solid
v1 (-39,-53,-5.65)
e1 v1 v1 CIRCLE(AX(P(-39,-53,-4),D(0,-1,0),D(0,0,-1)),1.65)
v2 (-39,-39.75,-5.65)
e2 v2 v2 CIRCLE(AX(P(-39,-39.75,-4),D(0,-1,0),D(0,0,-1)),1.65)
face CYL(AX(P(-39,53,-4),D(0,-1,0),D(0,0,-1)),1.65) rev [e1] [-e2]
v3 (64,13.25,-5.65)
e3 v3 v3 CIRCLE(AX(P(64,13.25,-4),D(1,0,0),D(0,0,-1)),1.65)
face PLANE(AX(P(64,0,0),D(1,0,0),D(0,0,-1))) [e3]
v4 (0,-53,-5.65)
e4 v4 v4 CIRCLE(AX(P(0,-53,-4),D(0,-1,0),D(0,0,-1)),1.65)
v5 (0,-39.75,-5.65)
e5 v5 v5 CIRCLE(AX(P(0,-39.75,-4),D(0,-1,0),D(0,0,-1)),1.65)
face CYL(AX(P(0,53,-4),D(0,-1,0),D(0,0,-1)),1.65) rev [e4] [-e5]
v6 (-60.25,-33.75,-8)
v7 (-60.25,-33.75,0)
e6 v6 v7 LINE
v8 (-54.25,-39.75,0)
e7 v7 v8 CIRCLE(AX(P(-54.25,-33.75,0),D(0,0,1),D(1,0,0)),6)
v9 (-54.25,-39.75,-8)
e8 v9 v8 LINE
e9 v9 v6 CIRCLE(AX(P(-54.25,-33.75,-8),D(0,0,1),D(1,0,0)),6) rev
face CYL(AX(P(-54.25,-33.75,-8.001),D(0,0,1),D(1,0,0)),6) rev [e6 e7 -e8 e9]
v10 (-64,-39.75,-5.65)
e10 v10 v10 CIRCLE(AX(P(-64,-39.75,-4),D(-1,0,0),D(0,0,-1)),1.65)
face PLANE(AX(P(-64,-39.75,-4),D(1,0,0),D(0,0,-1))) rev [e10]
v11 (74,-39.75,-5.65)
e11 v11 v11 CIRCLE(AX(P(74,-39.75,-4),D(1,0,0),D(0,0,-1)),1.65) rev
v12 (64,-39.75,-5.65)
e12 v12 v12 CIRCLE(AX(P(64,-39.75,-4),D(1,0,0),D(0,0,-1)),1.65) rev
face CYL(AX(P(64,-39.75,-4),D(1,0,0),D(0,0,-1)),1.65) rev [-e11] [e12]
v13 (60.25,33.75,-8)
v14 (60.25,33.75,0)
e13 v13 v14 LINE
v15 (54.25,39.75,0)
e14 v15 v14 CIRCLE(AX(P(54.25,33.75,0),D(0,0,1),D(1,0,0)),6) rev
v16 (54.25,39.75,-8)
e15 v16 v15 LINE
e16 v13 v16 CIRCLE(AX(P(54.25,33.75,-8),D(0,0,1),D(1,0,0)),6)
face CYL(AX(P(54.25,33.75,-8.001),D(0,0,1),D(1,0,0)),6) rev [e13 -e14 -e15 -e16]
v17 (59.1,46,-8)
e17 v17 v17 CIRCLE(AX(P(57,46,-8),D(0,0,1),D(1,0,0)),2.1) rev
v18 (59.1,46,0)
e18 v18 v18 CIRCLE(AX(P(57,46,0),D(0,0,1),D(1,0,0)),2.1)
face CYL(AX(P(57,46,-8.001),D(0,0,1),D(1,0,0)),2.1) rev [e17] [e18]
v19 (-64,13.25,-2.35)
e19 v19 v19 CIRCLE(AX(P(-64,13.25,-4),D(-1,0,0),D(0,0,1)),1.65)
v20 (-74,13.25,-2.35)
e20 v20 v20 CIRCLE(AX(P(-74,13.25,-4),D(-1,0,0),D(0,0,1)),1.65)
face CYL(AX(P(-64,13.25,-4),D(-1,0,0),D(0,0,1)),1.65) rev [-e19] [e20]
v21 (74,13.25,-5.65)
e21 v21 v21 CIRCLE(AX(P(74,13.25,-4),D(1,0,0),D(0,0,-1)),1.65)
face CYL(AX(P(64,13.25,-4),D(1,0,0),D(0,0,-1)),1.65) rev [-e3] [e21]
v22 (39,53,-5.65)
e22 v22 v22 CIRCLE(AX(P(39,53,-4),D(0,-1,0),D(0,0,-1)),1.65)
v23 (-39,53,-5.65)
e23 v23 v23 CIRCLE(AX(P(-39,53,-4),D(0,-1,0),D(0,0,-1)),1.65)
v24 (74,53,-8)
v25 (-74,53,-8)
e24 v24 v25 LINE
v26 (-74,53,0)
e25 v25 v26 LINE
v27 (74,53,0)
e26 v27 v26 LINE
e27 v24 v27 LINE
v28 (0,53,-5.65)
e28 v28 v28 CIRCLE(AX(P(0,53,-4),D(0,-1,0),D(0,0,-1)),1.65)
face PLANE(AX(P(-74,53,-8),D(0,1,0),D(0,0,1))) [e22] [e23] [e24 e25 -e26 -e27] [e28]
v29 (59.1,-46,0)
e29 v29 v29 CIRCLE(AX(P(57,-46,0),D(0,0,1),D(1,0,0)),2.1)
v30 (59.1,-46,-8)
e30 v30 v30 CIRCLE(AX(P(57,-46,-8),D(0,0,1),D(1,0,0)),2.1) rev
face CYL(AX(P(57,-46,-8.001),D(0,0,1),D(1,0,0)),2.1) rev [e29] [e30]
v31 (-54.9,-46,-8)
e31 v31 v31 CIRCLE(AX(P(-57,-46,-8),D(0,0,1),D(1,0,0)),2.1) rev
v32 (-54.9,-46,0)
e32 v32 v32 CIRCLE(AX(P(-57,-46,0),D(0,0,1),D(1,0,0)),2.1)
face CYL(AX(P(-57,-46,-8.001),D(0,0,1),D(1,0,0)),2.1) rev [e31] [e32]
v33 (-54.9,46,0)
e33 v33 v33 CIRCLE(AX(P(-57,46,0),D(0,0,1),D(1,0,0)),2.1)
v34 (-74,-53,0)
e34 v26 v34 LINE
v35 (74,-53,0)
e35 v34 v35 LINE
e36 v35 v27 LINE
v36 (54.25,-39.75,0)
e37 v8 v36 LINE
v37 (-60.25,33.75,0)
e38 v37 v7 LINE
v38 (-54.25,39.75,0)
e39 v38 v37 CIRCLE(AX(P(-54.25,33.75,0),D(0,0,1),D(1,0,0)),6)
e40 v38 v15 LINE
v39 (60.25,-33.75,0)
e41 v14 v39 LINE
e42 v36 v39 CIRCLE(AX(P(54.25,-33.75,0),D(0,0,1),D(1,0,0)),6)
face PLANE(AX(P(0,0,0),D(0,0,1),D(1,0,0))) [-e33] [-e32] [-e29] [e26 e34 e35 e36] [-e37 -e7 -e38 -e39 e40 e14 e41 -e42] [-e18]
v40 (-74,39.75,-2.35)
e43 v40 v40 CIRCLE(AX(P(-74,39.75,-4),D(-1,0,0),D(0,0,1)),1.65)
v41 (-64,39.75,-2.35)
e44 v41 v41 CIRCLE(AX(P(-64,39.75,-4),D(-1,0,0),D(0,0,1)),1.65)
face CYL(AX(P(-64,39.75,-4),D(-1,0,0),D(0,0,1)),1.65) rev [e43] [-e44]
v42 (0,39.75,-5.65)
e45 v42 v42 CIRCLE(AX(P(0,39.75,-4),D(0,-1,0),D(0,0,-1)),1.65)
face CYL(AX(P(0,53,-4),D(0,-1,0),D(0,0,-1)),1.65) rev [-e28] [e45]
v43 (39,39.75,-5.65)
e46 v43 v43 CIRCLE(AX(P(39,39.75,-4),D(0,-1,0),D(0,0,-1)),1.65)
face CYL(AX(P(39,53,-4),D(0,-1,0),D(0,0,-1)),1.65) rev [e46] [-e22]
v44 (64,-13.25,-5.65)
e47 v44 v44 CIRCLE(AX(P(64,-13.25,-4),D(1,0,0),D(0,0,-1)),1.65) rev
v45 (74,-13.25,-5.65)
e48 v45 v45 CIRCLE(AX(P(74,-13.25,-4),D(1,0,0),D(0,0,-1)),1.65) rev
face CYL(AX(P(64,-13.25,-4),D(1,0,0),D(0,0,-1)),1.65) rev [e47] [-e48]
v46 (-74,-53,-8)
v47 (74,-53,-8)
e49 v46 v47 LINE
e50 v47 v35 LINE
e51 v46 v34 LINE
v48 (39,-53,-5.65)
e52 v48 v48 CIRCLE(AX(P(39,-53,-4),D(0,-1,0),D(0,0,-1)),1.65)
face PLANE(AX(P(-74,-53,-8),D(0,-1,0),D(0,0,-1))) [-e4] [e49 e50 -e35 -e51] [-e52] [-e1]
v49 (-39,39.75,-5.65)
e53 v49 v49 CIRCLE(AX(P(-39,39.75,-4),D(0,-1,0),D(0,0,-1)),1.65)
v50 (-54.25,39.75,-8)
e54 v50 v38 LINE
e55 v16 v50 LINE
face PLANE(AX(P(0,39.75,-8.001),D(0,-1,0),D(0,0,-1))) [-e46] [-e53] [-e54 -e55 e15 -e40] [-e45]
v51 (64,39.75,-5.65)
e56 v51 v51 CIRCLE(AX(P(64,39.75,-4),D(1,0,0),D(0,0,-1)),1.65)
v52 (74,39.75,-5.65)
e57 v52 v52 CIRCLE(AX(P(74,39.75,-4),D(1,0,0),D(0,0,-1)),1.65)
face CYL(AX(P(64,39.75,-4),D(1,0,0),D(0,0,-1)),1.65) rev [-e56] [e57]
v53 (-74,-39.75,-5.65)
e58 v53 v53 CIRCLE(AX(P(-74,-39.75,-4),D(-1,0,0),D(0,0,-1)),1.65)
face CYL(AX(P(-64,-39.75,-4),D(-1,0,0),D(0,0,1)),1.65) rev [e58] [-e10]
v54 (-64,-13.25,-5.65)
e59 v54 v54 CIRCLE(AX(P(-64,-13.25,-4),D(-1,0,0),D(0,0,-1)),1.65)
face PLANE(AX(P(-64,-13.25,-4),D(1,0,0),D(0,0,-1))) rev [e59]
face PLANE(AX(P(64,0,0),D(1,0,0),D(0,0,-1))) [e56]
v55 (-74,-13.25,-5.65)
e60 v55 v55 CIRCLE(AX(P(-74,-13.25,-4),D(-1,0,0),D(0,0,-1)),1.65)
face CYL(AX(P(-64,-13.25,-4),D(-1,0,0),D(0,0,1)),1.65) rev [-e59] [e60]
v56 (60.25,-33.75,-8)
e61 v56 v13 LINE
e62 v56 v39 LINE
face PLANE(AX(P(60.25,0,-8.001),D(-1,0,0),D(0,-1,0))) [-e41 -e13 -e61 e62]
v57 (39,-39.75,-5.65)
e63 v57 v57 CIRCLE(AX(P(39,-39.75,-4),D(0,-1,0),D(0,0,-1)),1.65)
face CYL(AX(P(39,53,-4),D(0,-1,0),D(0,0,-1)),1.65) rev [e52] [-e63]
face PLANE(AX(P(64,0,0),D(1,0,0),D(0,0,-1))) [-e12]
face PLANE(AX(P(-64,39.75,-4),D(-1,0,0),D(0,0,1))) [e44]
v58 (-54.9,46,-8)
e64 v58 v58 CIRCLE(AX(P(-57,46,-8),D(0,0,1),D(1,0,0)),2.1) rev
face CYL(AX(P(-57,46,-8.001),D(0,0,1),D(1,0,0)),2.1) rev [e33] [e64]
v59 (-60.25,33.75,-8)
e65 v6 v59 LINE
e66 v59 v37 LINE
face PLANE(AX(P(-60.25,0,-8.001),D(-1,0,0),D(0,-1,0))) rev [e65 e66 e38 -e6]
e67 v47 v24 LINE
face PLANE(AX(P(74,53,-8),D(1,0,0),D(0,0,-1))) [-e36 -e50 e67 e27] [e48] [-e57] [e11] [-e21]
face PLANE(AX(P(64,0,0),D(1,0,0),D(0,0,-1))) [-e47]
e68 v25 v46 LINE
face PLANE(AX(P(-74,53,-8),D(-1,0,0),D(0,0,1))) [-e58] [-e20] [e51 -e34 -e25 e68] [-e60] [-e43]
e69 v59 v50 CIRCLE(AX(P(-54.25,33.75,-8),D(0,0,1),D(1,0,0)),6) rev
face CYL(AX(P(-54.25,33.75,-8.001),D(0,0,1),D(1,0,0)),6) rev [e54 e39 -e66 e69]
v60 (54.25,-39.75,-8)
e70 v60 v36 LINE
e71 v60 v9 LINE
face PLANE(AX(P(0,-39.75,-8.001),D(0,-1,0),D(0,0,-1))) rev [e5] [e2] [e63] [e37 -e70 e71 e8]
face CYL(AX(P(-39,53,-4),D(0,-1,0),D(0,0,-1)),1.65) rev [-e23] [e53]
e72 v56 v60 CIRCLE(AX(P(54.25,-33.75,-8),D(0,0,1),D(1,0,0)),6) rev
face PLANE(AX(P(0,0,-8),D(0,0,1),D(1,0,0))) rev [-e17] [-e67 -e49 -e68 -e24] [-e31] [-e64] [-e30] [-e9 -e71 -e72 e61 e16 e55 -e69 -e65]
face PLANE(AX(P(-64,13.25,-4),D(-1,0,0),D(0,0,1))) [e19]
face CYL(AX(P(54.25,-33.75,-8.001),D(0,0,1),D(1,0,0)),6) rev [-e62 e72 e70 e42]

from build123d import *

# Parameters (mm, degrees)
SKETCH1_W           = 148
SKETCH1_H           = 106
BOSS_EXTRUDE1_DEPTH = 8
CUT_EXTRUDE1_REACH  = 93.373
SKETCH3_R           = 1.65
CUT_EXTRUDE2_DEPTH  = 130.52219887
SKETCH5_R           = 1.65
CUT_EXTRUDE3_DEPTH  = 10
SKETCH6_R           = 1.65
CUT_EXTRUDE4_DEPTH  = 10


with BuildPart() as part:
    # Sketch1 → Boss-Extrude1 (new body)
    with BuildSketch(Plane.XY):
        Rectangle(SKETCH1_W, SKETCH1_H)
    extrude(amount=-BOSS_EXTRUDE1_DEPTH)

    # Sketch2 → Cut-Extrude1 (cut, up to next)
    with BuildSketch(Plane.XY, mode=Mode.PRIVATE) as cut_extrude1_sk1:
        with BuildLine():
            ThreePointArc((60.25, 33.75), (59.373475383, 36.872498999), (57, 39.082682252))
            Line((57, 39.082682252), (57, -39.082682252))
            ThreePointArc((57, -39.082682252), (59.373475383, -36.872498999), (60.25, -33.75))
            Line((60.25, -33.75), (60.25, 33.75))
        make_face()
    cut_extrude1_tool1 = extrude(cut_extrude1_sk1.sketch, amount=-CUT_EXTRUDE1_REACH, mode=Mode.PRIVATE) & part.part
    # Sketch2 → Cut-Extrude1 (cut, up to next)
    with BuildSketch(Plane.XY, mode=Mode.PRIVATE) as cut_extrude1_sk2:
        with BuildLine():
            ThreePointArc((-54.25, 39.75), (-55.66490397, 39.580784403), (-57, 39.082682252))
            Line((-57, 39.082682252), (-57, -39.082682252))
            ThreePointArc((-57, -39.082682252), (-55.66490397, -39.580784403), (-54.25, -39.75))
            Line((-54.25, -39.75), (54.25, -39.75))
            ThreePointArc((54.25, -39.75), (55.66490397, -39.580784403), (57, -39.082682252))
            Line((57, -39.082682252), (57, 39.082682252))
            ThreePointArc((57, 39.082682252), (55.66490397, 39.580784403), (54.25, 39.75))
            Line((54.25, 39.75), (-54.25, 39.75))
        make_face()
    cut_extrude1_tool2 = extrude(cut_extrude1_sk2.sketch, amount=-CUT_EXTRUDE1_REACH, mode=Mode.PRIVATE) & part.part
    # Sketch2 → Cut-Extrude1 (cut, up to next)
    with BuildSketch(Plane.XY, mode=Mode.PRIVATE) as cut_extrude1_sk3:
        with BuildLine():
            Line((-57, -39.082682252), (-57, 39.082682252))
            ThreePointArc((-57, 39.082682252), (-59.373475383, 36.872498999), (-60.25, 33.75))
            Line((-60.25, 33.75), (-60.25, -33.75))
            ThreePointArc((-60.25, -33.75), (-59.373475383, -36.872498999), (-57, -39.082682252))
        make_face()
    cut_extrude1_tool3 = extrude(cut_extrude1_sk3.sketch, amount=-CUT_EXTRUDE1_REACH, mode=Mode.PRIVATE) & part.part
    # Sketch2 → Cut-Extrude1 (cut, up to next)
    with BuildSketch(Plane.XY, mode=Mode.PRIVATE) as cut_extrude1_sk4:
        with BuildLine():
            ThreePointArc((59.1, 46), (57, 48.1), (54.9, 46))
            Line((54.9, 46), (57, 46))
            Line((57, 46), (57, 43.9))
            ThreePointArc((57, 43.9), (58.48492424, 44.51507576), (59.1, 46))
        make_face()
    cut_extrude1_tool4 = extrude(cut_extrude1_sk4.sketch, amount=-CUT_EXTRUDE1_REACH, mode=Mode.PRIVATE) & part.part
    # Sketch2 → Cut-Extrude1 (cut, up to next)
    with BuildSketch(Plane.XY, mode=Mode.PRIVATE) as cut_extrude1_sk5:
        with BuildLine():
            Line((57, 46), (54.9, 46))
            ThreePointArc((54.9, 46), (55.51507576, 44.51507576), (57, 43.9))
            Line((57, 43.9), (57, 46))
        make_face()
    cut_extrude1_tool5 = extrude(cut_extrude1_sk5.sketch, amount=-CUT_EXTRUDE1_REACH, mode=Mode.PRIVATE) & part.part
    # Sketch2 → Cut-Extrude1 (cut, up to next)
    with BuildSketch(Plane.XY, mode=Mode.PRIVATE) as cut_extrude1_sk6:
        with BuildLine():
            ThreePointArc((59.1, 46), (57, 48.1), (54.9, 46))
            Line((54.9, 46), (57, 46))
            Line((57, 46), (57, 43.9))
            ThreePointArc((57, 43.9), (58.48492424, 44.51507576), (59.1, 46))
        make_face()
    cut_extrude1_tool6 = extrude(cut_extrude1_sk6.sketch, amount=-CUT_EXTRUDE1_REACH, mode=Mode.PRIVATE) & part.part
    # Sketch2 → Cut-Extrude1 (cut, up to next)
    with BuildSketch(Plane.XY, mode=Mode.PRIVATE) as cut_extrude1_sk7:
        with BuildLine():
            Line((57, 46), (54.9, 46))
            ThreePointArc((54.9, 46), (55.51507576, 44.51507576), (57, 43.9))
            Line((57, 43.9), (57, 46))
        make_face()
    cut_extrude1_tool7 = extrude(cut_extrude1_sk7.sketch, amount=-CUT_EXTRUDE1_REACH, mode=Mode.PRIVATE) & part.part
    # Sketch2 → Cut-Extrude1 (cut, up to next)
    with BuildSketch(Plane.XY, mode=Mode.PRIVATE) as cut_extrude1_sk8:
        with BuildLine():
            Line((-57, 43.9), (-57, 46))
            Line((-57, 46), (-54.9, 46))
            ThreePointArc((-54.9, 46), (-58.48492424, 47.48492424), (-57, 43.9))
        make_face()
    cut_extrude1_tool8 = extrude(cut_extrude1_sk8.sketch, amount=-CUT_EXTRUDE1_REACH, mode=Mode.PRIVATE) & part.part
    # Sketch2 → Cut-Extrude1 (cut, up to next)
    with BuildSketch(Plane.XY, mode=Mode.PRIVATE) as cut_extrude1_sk9:
        with BuildLine():
            Line((-54.9, 46), (-57, 46))
            Line((-57, 46), (-57, 43.9))
            ThreePointArc((-57, 43.9), (-55.51507576, 44.51507576), (-54.9, 46))
        make_face()
    cut_extrude1_tool9 = extrude(cut_extrude1_sk9.sketch, amount=-CUT_EXTRUDE1_REACH, mode=Mode.PRIVATE) & part.part
    # Sketch2 → Cut-Extrude1 (cut, up to next)
    with BuildSketch(Plane.XY, mode=Mode.PRIVATE) as cut_extrude1_sk10:
        with BuildLine():
            Line((-57, 43.9), (-57, 46))
            Line((-57, 46), (-54.9, 46))
            ThreePointArc((-54.9, 46), (-58.48492424, 47.48492424), (-57, 43.9))
        make_face()
    cut_extrude1_tool10 = extrude(cut_extrude1_sk10.sketch, amount=-CUT_EXTRUDE1_REACH, mode=Mode.PRIVATE) & part.part
    # Sketch2 → Cut-Extrude1 (cut, up to next)
    with BuildSketch(Plane.XY, mode=Mode.PRIVATE) as cut_extrude1_sk11:
        with BuildLine():
            Line((-54.9, 46), (-57, 46))
            Line((-57, 46), (-57, 43.9))
            ThreePointArc((-57, 43.9), (-55.51507576, 44.51507576), (-54.9, 46))
        make_face()
    cut_extrude1_tool11 = extrude(cut_extrude1_sk11.sketch, amount=-CUT_EXTRUDE1_REACH, mode=Mode.PRIVATE) & part.part
    # Sketch2 → Cut-Extrude1 (cut, up to next)
    with BuildSketch(Plane.XY, mode=Mode.PRIVATE) as cut_extrude1_sk12:
        with BuildLine():
            ThreePointArc((-54.9, -46), (-55.51507576, -44.51507576), (-57, -43.9))
            Line((-57, -43.9), (-57, -46))
            Line((-57, -46), (-54.9, -46))
        make_face()
    cut_extrude1_tool12 = extrude(cut_extrude1_sk12.sketch, amount=-CUT_EXTRUDE1_REACH, mode=Mode.PRIVATE) & part.part
    # Sketch2 → Cut-Extrude1 (cut, up to next)
    with BuildSketch(Plane.XY, mode=Mode.PRIVATE) as cut_extrude1_sk13:
        with BuildLine():
            Line((-57, -46), (-57, -43.9))
            ThreePointArc((-57, -43.9), (-58.48492424, -47.48492424), (-54.9, -46))
            Line((-54.9, -46), (-57, -46))
        make_face()
    cut_extrude1_tool13 = extrude(cut_extrude1_sk13.sketch, amount=-CUT_EXTRUDE1_REACH, mode=Mode.PRIVATE) & part.part
    # Sketch2 → Cut-Extrude1 (cut, up to next)
    with BuildSketch(Plane.XY, mode=Mode.PRIVATE) as cut_extrude1_sk14:
        with BuildLine():
            ThreePointArc((-54.9, -46), (-55.51507576, -44.51507576), (-57, -43.9))
            Line((-57, -43.9), (-57, -46))
            Line((-57, -46), (-54.9, -46))
        make_face()
    cut_extrude1_tool14 = extrude(cut_extrude1_sk14.sketch, amount=-CUT_EXTRUDE1_REACH, mode=Mode.PRIVATE) & part.part
    # Sketch2 → Cut-Extrude1 (cut, up to next)
    with BuildSketch(Plane.XY, mode=Mode.PRIVATE) as cut_extrude1_sk15:
        with BuildLine():
            Line((-57, -46), (-57, -43.9))
            ThreePointArc((-57, -43.9), (-58.48492424, -47.48492424), (-54.9, -46))
            Line((-54.9, -46), (-57, -46))
        make_face()
    cut_extrude1_tool15 = extrude(cut_extrude1_sk15.sketch, amount=-CUT_EXTRUDE1_REACH, mode=Mode.PRIVATE) & part.part
    # Sketch2 → Cut-Extrude1 (cut, up to next)
    with BuildSketch(Plane.XY, mode=Mode.PRIVATE) as cut_extrude1_sk16:
        with BuildLine():
            ThreePointArc((59.1, -46), (58.48492424, -44.51507576), (57, -43.9))
            Line((57, -43.9), (57, -46))
            Line((57, -46), (54.9, -46))
            ThreePointArc((54.9, -46), (57, -48.1), (59.1, -46))
        make_face()
    cut_extrude1_tool16 = extrude(cut_extrude1_sk16.sketch, amount=-CUT_EXTRUDE1_REACH, mode=Mode.PRIVATE) & part.part
    # Sketch2 → Cut-Extrude1 (cut, up to next)
    with BuildSketch(Plane.XY, mode=Mode.PRIVATE) as cut_extrude1_sk17:
        with BuildLine():
            Line((57, -46), (57, -43.9))
            ThreePointArc((57, -43.9), (55.51507576, -44.51507576), (54.9, -46))
            Line((54.9, -46), (57, -46))
        make_face()
    cut_extrude1_tool17 = extrude(cut_extrude1_sk17.sketch, amount=-CUT_EXTRUDE1_REACH, mode=Mode.PRIVATE) & part.part
    # Sketch2 → Cut-Extrude1 (cut, up to next)
    with BuildSketch(Plane.XY, mode=Mode.PRIVATE) as cut_extrude1_sk18:
        with BuildLine():
            ThreePointArc((59.1, -46), (58.48492424, -44.51507576), (57, -43.9))
            Line((57, -43.9), (57, -46))
            Line((57, -46), (54.9, -46))
            ThreePointArc((54.9, -46), (57, -48.1), (59.1, -46))
        make_face()
    cut_extrude1_tool18 = extrude(cut_extrude1_sk18.sketch, amount=-CUT_EXTRUDE1_REACH, mode=Mode.PRIVATE) & part.part
    # Sketch2 → Cut-Extrude1 (cut, up to next)
    with BuildSketch(Plane.XY, mode=Mode.PRIVATE) as cut_extrude1_sk19:
        with BuildLine():
            Line((57, -46), (57, -43.9))
            ThreePointArc((57, -43.9), (55.51507576, -44.51507576), (54.9, -46))
            Line((54.9, -46), (57, -46))
        make_face()
    cut_extrude1_tool19 = extrude(cut_extrude1_sk19.sketch, amount=-CUT_EXTRUDE1_REACH, mode=Mode.PRIVATE) & part.part
    add(cut_extrude1_tool1.solids().sort_by_distance((58.595694, 0, 0))[0], mode=Mode.SUBTRACT)
    add(cut_extrude1_tool2.solids().sort_by_distance((0, 0, 0))[0], mode=Mode.SUBTRACT)
    add(cut_extrude1_tool3.solids().sort_by_distance((-58.595694, 0, 0))[0], mode=Mode.SUBTRACT)
    add(cut_extrude1_tool4.solids().sort_by_distance((57.297089, 46.297089, 0))[0], mode=Mode.SUBTRACT)
    add(cut_extrude1_tool5.solids().sort_by_distance((56.108732, 45.108732, 0))[0], mode=Mode.SUBTRACT)
    add(cut_extrude1_tool6.solids().sort_by_distance((57.297089, 46.297089, 0))[0], mode=Mode.SUBTRACT)
    add(cut_extrude1_tool7.solids().sort_by_distance((56.108732, 45.108732, 0))[0], mode=Mode.SUBTRACT)
    add(cut_extrude1_tool8.solids().sort_by_distance((-57.297089, 46.297089, 0))[0], mode=Mode.SUBTRACT)
    add(cut_extrude1_tool9.solids().sort_by_distance((-56.108732, 45.108732, 0))[0], mode=Mode.SUBTRACT)
    add(cut_extrude1_tool10.solids().sort_by_distance((-57.297089, 46.297089, 0))[0], mode=Mode.SUBTRACT)
    add(cut_extrude1_tool11.solids().sort_by_distance((-56.108732, 45.108732, 0))[0], mode=Mode.SUBTRACT)
    add(cut_extrude1_tool12.solids().sort_by_distance((-56.108732, -45.108732, 0))[0], mode=Mode.SUBTRACT)
    add(cut_extrude1_tool13.solids().sort_by_distance((-57.297089, -46.297089, 0))[0], mode=Mode.SUBTRACT)
    add(cut_extrude1_tool14.solids().sort_by_distance((-56.108732, -45.108732, 0))[0], mode=Mode.SUBTRACT)
    add(cut_extrude1_tool15.solids().sort_by_distance((-57.297089, -46.297089, 0))[0], mode=Mode.SUBTRACT)
    add(cut_extrude1_tool16.solids().sort_by_distance((57.297089, -46.297089, 0))[0], mode=Mode.SUBTRACT)
    add(cut_extrude1_tool17.solids().sort_by_distance((56.108732, -45.108732, 0))[0], mode=Mode.SUBTRACT)
    add(cut_extrude1_tool18.solids().sort_by_distance((57.297089, -46.297089, 0))[0], mode=Mode.SUBTRACT)
    add(cut_extrude1_tool19.solids().sort_by_distance((56.108732, -45.108732, 0))[0], mode=Mode.SUBTRACT)

    # Sketch3 → Cut-Extrude2 (cut, through all)
    with BuildSketch(Plane.XZ.offset(53)):
        with Locations(Location((-39, -4, 0), (0, 0, 270))):
            Circle(SKETCH3_R)
        with Locations(Location((0, -4, 0), (0, 0, 270))):
            Circle(SKETCH3_R)
        with Locations(Location((39, -4, 0), (0, 0, 270))):
            Circle(SKETCH3_R)
    extrude(amount=-CUT_EXTRUDE2_DEPTH, mode=Mode.SUBTRACT)

    # Sketch5 → Cut-Extrude3 (cut)
    with BuildSketch(Plane(origin=(74, 0, 0), x_dir=(0, 0, -1), z_dir=(1, 0, 0))):
        with Locations((4, 39.75)):
            Circle(SKETCH5_R)
        with Locations((4, 13.25)):
            Circle(SKETCH5_R)
        with Locations((4, -13.25)):
            Circle(SKETCH5_R)
        with Locations((4, -39.75)):
            Circle(SKETCH5_R)
    extrude(amount=-CUT_EXTRUDE3_DEPTH, mode=Mode.SUBTRACT)

    # Sketch6 → Cut-Extrude4 (cut)
    with BuildSketch(Plane.ZY.offset(74)):
        with Locations(Location((-4, 39.75, 0), (0, 0, 180))):
            Circle(SKETCH6_R)
        with Locations(Location((-4, 13.25, 0), (0, 0, 180))):
            Circle(SKETCH6_R)
        with Locations(Location((-4, -13.25, 0), (0, 0, 180))):
            Circle(SKETCH6_R)
        with Locations(Location((-4, -39.75, 0), (0, 0, 180))):
            Circle(SKETCH6_R)
    extrude(amount=-CUT_EXTRUDE4_DEPTH, mode=Mode.SUBTRACT)


solid = part.part
